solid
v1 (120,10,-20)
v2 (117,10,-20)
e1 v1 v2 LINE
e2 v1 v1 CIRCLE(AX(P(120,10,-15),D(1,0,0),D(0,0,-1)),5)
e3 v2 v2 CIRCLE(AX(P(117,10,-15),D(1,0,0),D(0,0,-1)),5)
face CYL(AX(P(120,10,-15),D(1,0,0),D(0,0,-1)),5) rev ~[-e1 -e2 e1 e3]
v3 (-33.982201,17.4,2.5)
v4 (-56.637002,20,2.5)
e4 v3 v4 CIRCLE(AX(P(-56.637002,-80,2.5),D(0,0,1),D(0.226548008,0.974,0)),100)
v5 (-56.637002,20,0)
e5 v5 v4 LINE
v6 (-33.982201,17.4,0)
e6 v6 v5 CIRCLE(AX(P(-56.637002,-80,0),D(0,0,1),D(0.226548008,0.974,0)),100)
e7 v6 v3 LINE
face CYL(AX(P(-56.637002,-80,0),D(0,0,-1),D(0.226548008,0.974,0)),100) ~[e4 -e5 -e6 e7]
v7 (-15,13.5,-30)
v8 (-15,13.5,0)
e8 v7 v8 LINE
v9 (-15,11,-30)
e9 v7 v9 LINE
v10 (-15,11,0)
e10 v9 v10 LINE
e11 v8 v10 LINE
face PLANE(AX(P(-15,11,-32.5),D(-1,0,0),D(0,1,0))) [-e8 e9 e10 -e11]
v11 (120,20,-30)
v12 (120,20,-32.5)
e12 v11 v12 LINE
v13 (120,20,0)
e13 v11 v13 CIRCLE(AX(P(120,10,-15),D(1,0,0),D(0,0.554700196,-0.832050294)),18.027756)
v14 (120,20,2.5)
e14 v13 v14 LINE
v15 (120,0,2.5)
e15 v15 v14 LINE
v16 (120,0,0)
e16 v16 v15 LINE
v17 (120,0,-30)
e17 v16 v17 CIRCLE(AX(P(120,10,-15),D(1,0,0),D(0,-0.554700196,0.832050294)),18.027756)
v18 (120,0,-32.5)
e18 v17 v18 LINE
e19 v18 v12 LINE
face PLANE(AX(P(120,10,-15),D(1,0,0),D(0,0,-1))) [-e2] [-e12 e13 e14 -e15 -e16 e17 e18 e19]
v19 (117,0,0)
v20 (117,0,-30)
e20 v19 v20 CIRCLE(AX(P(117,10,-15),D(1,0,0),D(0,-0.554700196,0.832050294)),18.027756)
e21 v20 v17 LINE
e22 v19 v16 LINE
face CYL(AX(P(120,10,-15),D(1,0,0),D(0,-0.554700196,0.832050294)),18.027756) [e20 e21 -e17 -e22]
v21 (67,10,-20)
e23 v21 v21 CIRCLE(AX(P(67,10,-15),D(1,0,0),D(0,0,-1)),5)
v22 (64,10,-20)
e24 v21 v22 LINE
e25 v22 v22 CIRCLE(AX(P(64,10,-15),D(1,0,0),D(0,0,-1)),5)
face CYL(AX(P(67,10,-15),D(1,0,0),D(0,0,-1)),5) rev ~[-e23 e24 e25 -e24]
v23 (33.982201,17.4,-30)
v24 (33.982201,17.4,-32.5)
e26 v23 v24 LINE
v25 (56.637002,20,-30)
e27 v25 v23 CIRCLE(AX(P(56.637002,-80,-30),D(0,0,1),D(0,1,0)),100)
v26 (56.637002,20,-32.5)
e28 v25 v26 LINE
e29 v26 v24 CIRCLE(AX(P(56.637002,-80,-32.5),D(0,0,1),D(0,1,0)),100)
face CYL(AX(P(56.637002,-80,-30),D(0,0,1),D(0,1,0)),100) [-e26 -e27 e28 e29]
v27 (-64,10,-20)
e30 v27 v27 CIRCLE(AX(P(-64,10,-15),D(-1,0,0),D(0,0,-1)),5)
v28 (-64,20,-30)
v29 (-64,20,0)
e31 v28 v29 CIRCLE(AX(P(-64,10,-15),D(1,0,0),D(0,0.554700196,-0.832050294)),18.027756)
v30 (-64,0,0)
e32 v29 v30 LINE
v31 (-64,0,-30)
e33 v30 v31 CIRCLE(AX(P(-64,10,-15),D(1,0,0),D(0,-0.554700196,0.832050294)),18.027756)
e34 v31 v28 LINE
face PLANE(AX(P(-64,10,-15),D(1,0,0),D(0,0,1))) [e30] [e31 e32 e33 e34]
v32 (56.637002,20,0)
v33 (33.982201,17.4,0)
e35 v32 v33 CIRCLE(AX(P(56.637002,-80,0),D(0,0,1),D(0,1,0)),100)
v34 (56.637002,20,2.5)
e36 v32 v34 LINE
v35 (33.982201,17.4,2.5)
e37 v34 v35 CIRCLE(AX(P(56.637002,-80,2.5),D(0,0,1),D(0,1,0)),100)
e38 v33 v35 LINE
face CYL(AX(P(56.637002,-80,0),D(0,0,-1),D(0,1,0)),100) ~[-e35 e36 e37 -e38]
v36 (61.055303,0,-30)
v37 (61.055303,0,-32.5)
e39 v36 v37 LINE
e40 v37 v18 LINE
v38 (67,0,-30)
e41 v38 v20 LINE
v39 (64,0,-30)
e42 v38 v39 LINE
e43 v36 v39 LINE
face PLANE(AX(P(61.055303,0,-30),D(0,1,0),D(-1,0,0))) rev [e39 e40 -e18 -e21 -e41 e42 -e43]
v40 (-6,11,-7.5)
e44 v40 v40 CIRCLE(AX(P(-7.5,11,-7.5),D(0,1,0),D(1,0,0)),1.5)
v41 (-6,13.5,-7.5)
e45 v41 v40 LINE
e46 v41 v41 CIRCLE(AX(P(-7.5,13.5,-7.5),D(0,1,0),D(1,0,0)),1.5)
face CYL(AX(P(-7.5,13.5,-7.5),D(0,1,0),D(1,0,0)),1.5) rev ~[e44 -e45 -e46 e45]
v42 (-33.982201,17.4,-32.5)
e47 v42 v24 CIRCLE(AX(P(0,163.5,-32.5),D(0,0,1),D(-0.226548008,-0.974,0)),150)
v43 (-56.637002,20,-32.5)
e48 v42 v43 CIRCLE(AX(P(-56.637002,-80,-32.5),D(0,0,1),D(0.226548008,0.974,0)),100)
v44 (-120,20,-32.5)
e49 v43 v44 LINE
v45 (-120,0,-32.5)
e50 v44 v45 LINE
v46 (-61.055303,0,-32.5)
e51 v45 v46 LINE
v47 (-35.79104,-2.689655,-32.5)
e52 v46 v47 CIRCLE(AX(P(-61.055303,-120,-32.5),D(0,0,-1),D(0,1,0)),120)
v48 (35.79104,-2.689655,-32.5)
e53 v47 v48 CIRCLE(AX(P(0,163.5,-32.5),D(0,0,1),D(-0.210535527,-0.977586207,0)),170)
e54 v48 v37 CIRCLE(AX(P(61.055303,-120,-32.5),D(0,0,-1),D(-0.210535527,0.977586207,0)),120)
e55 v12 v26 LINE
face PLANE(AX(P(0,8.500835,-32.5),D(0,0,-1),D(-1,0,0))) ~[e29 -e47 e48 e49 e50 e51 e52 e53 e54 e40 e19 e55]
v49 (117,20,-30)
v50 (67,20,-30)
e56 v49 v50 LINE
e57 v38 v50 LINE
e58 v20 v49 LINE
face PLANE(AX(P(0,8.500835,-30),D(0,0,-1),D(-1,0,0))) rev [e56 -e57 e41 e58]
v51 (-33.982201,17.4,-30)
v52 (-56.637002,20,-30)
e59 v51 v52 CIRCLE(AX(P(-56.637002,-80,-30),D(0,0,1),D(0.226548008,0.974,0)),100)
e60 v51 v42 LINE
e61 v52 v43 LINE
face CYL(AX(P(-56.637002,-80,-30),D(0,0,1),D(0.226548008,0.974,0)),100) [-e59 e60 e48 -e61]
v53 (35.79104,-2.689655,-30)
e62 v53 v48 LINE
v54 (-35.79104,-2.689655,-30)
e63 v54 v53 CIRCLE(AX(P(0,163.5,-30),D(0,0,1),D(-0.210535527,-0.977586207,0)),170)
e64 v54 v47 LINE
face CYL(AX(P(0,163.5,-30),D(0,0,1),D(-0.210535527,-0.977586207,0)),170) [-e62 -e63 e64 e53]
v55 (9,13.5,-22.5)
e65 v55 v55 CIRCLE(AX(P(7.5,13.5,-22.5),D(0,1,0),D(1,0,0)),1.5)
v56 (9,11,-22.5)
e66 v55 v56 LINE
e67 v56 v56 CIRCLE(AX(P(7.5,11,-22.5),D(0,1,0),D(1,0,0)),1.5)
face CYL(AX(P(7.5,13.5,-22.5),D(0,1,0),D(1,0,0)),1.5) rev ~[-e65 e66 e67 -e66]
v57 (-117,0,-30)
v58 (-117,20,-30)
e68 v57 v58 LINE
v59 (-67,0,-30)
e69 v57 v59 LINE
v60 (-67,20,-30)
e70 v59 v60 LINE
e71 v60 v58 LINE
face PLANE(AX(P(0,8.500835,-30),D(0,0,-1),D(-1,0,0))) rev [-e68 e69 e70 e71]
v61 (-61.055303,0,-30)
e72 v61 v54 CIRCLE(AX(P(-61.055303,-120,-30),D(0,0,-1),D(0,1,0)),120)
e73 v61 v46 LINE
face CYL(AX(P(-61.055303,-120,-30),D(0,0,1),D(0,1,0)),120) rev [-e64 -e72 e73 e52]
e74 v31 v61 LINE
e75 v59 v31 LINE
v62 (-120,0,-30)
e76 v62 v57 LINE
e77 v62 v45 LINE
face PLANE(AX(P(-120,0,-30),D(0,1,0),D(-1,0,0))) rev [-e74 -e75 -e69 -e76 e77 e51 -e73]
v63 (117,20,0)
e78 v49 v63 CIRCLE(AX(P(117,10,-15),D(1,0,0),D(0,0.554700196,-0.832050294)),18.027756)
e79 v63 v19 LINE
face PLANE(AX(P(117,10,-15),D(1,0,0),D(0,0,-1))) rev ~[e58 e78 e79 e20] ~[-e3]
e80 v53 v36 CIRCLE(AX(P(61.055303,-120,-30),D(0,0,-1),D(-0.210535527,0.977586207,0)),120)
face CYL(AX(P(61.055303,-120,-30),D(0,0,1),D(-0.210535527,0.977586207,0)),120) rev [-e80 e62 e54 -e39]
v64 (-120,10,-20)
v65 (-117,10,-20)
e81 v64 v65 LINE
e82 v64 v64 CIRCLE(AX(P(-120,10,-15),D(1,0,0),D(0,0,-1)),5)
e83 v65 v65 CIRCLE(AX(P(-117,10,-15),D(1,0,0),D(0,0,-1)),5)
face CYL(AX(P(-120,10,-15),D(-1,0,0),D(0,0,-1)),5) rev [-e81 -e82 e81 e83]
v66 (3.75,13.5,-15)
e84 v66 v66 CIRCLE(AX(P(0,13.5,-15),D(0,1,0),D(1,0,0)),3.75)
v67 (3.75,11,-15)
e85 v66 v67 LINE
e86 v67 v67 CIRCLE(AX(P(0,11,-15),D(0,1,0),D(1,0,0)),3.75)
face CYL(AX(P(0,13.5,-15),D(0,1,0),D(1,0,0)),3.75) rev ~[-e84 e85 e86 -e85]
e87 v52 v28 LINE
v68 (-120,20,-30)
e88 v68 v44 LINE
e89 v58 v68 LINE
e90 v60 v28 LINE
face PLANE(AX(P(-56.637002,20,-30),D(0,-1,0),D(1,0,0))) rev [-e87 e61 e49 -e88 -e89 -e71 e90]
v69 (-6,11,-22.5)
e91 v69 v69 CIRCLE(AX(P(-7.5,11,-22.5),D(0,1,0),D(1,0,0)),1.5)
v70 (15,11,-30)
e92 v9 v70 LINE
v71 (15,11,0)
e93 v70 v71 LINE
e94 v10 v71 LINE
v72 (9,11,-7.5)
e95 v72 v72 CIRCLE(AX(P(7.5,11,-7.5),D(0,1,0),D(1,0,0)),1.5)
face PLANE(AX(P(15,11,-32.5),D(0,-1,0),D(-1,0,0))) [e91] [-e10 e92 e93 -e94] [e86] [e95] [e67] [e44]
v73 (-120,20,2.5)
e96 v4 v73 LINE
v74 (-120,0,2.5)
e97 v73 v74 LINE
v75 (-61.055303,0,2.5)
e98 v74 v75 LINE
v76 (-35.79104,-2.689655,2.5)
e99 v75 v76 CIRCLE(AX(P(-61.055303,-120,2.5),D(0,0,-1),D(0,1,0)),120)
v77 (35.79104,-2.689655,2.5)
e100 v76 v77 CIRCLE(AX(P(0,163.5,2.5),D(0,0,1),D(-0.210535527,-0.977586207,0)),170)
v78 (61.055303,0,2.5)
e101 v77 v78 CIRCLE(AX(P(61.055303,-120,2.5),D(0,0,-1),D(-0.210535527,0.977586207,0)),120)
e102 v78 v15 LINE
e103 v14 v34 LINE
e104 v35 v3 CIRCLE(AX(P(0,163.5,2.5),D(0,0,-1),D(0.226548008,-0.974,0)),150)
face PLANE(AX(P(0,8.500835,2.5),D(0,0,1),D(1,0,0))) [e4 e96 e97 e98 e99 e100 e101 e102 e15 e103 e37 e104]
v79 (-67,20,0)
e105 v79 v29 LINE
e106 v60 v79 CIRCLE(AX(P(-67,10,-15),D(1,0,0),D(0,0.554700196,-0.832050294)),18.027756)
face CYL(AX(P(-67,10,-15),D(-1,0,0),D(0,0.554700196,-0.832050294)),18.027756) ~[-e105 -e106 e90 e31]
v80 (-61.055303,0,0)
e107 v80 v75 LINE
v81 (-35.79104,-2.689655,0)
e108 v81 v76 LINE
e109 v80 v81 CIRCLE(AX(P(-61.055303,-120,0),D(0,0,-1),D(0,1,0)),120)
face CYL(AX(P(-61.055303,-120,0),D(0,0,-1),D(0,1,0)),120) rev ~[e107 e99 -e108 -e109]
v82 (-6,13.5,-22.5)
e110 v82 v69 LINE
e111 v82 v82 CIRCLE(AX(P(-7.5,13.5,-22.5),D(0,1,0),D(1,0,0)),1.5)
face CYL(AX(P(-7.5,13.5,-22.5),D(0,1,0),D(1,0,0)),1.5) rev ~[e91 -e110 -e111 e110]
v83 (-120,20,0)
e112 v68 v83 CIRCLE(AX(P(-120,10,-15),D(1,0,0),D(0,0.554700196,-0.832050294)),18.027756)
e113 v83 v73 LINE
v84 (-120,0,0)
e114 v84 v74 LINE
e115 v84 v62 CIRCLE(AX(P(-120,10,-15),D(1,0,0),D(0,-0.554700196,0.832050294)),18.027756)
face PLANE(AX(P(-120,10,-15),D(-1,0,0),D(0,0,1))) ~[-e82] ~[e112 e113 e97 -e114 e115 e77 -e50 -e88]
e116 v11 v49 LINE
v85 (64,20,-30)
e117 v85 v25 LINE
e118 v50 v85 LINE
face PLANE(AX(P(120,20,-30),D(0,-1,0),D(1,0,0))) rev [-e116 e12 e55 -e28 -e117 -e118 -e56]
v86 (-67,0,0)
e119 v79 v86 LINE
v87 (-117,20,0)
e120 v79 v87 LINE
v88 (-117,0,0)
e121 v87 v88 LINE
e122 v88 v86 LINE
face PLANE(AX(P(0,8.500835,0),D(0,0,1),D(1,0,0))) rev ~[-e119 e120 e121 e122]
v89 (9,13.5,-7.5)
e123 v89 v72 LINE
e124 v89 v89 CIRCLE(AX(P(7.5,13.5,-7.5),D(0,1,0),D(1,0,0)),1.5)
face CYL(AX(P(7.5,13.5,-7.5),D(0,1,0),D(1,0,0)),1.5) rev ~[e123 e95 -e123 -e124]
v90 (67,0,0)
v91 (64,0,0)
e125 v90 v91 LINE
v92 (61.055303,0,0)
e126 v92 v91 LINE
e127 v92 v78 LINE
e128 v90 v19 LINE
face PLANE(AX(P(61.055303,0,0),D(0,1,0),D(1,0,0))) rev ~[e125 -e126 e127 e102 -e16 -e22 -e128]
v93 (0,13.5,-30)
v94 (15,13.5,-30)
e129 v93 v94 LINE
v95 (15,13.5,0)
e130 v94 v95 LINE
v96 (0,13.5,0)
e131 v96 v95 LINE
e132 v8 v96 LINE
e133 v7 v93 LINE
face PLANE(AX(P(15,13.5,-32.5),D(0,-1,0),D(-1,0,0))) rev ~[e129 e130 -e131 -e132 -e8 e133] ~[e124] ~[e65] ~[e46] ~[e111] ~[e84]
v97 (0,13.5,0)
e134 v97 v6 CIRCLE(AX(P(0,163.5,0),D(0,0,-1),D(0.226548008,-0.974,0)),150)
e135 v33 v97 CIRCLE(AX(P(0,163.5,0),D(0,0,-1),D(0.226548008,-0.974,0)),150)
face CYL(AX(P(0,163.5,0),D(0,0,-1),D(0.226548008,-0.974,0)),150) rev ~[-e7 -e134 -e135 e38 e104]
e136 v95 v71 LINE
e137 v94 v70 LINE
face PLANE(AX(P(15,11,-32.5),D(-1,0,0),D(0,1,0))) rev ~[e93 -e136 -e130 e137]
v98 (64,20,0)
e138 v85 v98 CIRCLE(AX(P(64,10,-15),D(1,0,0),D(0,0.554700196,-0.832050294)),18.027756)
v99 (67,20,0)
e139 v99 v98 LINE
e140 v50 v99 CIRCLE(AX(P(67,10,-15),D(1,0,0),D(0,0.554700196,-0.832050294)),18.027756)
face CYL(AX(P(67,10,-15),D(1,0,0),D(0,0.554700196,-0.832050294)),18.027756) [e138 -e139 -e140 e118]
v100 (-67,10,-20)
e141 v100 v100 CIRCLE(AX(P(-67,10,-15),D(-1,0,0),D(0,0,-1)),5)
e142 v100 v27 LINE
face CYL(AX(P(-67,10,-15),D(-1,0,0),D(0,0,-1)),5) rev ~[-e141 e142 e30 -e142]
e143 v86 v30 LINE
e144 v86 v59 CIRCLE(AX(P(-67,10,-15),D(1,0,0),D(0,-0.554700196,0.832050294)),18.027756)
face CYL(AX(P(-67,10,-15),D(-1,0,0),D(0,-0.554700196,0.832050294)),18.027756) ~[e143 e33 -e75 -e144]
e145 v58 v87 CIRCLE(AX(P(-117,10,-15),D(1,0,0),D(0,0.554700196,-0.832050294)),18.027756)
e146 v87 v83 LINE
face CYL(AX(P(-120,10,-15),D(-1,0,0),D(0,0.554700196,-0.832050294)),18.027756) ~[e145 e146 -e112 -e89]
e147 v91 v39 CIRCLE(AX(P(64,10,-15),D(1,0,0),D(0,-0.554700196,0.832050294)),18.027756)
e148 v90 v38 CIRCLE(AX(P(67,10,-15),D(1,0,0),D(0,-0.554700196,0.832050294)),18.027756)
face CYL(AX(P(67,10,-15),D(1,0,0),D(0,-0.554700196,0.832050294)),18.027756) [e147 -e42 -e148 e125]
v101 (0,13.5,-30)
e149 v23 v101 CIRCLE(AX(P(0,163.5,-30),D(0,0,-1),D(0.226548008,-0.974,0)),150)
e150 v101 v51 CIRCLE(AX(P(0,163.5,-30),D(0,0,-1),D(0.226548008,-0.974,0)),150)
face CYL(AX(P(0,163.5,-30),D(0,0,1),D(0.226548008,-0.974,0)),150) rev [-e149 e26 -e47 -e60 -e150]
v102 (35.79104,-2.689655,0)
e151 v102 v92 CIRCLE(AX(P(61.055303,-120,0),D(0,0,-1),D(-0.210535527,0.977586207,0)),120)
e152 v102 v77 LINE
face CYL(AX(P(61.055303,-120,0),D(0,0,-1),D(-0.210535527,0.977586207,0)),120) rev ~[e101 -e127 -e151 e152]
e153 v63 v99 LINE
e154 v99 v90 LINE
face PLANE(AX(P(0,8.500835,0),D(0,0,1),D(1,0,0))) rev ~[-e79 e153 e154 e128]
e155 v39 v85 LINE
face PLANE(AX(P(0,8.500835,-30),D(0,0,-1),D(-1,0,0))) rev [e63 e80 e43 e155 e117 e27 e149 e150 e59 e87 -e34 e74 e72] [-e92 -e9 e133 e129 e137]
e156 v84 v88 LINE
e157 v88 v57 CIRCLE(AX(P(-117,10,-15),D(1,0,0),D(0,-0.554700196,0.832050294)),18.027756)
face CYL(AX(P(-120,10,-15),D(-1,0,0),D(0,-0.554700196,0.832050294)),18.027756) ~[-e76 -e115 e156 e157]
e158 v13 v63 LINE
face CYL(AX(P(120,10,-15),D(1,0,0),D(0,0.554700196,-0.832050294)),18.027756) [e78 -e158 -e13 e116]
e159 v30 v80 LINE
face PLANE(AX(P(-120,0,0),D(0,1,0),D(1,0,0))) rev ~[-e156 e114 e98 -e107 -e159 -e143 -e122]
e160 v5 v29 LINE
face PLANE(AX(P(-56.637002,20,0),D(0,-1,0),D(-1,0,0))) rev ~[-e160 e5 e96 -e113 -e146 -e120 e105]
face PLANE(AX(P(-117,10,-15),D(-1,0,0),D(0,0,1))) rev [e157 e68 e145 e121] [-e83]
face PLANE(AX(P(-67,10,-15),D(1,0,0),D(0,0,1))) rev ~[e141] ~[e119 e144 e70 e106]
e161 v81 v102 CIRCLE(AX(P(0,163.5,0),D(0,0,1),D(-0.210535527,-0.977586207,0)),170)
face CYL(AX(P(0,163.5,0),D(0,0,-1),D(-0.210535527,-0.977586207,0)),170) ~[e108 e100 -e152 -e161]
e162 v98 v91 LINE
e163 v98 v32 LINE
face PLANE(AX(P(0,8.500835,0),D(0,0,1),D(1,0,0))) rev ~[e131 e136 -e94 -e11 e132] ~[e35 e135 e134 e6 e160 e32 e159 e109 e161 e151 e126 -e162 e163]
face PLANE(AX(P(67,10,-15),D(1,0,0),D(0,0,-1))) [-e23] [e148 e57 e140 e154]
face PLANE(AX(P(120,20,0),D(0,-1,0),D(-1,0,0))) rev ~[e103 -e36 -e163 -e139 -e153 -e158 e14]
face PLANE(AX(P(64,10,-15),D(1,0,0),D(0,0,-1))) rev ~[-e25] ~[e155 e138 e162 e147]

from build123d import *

# Parameters (mm, degrees)
BOSS_EXTRUDE2_DEPTH     = 2.5
SKETCH2_R               = 5
BOSS_EXTRUDE3_DEPTH     = 3
LPATTERN1_COUNT         = 2
LPATTERN1_PITCH         = 53
MIRROR8_COPY_1_SKETCH_R = 5
MIRROR8_COPY_1_DEPTH    = 3
SKETCH4_W               = 30
SKETCH4_H               = 2.5
BOSS_EXTRUDE4_DEPTH     = 35
SKETCH6_R               = 3.75
SKETCH6_R_2             = 1.5
CUT_EXTRUDE1_DEPTH      = 2.5


with BuildPart() as part:
    # Sketch1 → Boss-Extrude2 (new body)
    with BuildSketch(Plane.XY):
        with BuildLine():
            Line((-120, 0), (-61.0553028, 0))
            ThreePointArc((-61.0553028, 0), (-48.351787131, -0.674308342), (-35.791039572, -2.689655172))
            ThreePointArc((-35.791039572, -2.689655172), (0, -6.5), (35.791039572, -2.689655172))
            ThreePointArc((35.791039572, -2.689655172), (48.351787131, -0.674308342), (61.0553028, 0))
            Line((61.0553028, 0), (120, 0))
            Line((120, 0), (120, 20))
            Line((120, 20), (56.637002039, 20))
            ThreePointArc((56.637002039, 20), (45.235247788, 19.347873656), (33.982201224, 17.4))
            ThreePointArc((33.982201224, 17.4), (0, 13.5), (-33.982201224, 17.4))
            ThreePointArc((-33.982201224, 17.4), (-45.235247788, 19.347873656), (-56.637002039, 20))
            Line((-56.637002039, 20), (-120, 20))
            Line((-120, 20), (-120, 0))
        make_face()
    extrude(amount=BOSS_EXTRUDE2_DEPTH)


with BuildPart() as body_2:
    # Mirror7: mirrored copy
    add(part.part.mirror(Plane.XY.offset(-15)))


with BuildPart() as part_1:
    add(part.part)

    add(body_2.part)  # Boss-Extrude3 merges body 2
    # Sketch2 → Boss-Extrude3 (add)
    with BuildSketch(Plane(origin=(120, 0, 0), x_dir=(0, 0, -1), z_dir=(1, 0, 0))):
        with BuildLine():
            Line((0, 20), (0, 0))
            ThreePointArc((0, 0), (15, -8.027756377), (30, 0))
            Line((30, 0), (30, 20))
            ThreePointArc((30, 20), (15, 28.027756377), (0, 20))
        make_face()
        with Locations((15, 10)):
            Circle(SKETCH2_R, mode=Mode.SUBTRACT)
    boss_extrude3 = extrude(amount=-BOSS_EXTRUDE3_DEPTH)

    # LPattern1: Boss-Extrude3 ×2
    with Locations(*[(-i * LPATTERN1_PITCH, 0, 0) for i in range(1, LPATTERN1_COUNT)]):
        add(boss_extrude3)

    # Mirror8: Boss-Extrude3 across plane
    add(boss_extrude3.mirror(Plane(origin=(0, 0, 0), x_dir=(0, 0, 1), z_dir=(1, 0, 0))))

    # Mirror8 copy 1 sketch → Mirror8 copy 1 (add)
    with BuildSketch(Plane(origin=(-67, 0, 0), x_dir=(0, 0, -1), z_dir=(-1, 0, 0))):
        with BuildLine():
            Line((0, -20), (0, 0))
            ThreePointArc((0, 0), (15, 8.027756377), (30, 0))
            Line((30, 0), (30, -20))
            ThreePointArc((30, -20), (15, -28.027756377), (0, -20))
        make_face()
        with Locations((15, -10)):
            Circle(MIRROR8_COPY_1_SKETCH_R, mode=Mode.SUBTRACT)
    extrude(amount=-MIRROR8_COPY_1_DEPTH)

    # Sketch4 → Boss-Extrude4 (add)
    with BuildSketch(Plane(origin=(0, 0, -32.5), x_dir=(-1, 0, 0), z_dir=(0, 0, -1))):
        with Locations((0, 12.25)):
            Rectangle(SKETCH4_W, SKETCH4_H)
    extrude(amount=-BOSS_EXTRUDE4_DEPTH)

    # Sketch6 → Cut-Extrude1 (cut)
    with BuildSketch(Plane(origin=(0, 13.5, 0), x_dir=(1, 0, 0), z_dir=(0, 1, 0))):
        with Locations((0, 15)):
            Circle(SKETCH6_R)
        with Locations((-7.5, 22.5)):
            Circle(SKETCH6_R_2)
        with Locations((7.5, 22.5)):
            Circle(SKETCH6_R_2)
        with Locations((7.5, 7.5)):
            Circle(SKETCH6_R_2)
        with Locations((-7.5, 7.5)):
            Circle(SKETCH6_R_2)
    extrude(amount=-CUT_EXTRUDE1_DEPTH, mode=Mode.SUBTRACT)


solid = part_1.part
